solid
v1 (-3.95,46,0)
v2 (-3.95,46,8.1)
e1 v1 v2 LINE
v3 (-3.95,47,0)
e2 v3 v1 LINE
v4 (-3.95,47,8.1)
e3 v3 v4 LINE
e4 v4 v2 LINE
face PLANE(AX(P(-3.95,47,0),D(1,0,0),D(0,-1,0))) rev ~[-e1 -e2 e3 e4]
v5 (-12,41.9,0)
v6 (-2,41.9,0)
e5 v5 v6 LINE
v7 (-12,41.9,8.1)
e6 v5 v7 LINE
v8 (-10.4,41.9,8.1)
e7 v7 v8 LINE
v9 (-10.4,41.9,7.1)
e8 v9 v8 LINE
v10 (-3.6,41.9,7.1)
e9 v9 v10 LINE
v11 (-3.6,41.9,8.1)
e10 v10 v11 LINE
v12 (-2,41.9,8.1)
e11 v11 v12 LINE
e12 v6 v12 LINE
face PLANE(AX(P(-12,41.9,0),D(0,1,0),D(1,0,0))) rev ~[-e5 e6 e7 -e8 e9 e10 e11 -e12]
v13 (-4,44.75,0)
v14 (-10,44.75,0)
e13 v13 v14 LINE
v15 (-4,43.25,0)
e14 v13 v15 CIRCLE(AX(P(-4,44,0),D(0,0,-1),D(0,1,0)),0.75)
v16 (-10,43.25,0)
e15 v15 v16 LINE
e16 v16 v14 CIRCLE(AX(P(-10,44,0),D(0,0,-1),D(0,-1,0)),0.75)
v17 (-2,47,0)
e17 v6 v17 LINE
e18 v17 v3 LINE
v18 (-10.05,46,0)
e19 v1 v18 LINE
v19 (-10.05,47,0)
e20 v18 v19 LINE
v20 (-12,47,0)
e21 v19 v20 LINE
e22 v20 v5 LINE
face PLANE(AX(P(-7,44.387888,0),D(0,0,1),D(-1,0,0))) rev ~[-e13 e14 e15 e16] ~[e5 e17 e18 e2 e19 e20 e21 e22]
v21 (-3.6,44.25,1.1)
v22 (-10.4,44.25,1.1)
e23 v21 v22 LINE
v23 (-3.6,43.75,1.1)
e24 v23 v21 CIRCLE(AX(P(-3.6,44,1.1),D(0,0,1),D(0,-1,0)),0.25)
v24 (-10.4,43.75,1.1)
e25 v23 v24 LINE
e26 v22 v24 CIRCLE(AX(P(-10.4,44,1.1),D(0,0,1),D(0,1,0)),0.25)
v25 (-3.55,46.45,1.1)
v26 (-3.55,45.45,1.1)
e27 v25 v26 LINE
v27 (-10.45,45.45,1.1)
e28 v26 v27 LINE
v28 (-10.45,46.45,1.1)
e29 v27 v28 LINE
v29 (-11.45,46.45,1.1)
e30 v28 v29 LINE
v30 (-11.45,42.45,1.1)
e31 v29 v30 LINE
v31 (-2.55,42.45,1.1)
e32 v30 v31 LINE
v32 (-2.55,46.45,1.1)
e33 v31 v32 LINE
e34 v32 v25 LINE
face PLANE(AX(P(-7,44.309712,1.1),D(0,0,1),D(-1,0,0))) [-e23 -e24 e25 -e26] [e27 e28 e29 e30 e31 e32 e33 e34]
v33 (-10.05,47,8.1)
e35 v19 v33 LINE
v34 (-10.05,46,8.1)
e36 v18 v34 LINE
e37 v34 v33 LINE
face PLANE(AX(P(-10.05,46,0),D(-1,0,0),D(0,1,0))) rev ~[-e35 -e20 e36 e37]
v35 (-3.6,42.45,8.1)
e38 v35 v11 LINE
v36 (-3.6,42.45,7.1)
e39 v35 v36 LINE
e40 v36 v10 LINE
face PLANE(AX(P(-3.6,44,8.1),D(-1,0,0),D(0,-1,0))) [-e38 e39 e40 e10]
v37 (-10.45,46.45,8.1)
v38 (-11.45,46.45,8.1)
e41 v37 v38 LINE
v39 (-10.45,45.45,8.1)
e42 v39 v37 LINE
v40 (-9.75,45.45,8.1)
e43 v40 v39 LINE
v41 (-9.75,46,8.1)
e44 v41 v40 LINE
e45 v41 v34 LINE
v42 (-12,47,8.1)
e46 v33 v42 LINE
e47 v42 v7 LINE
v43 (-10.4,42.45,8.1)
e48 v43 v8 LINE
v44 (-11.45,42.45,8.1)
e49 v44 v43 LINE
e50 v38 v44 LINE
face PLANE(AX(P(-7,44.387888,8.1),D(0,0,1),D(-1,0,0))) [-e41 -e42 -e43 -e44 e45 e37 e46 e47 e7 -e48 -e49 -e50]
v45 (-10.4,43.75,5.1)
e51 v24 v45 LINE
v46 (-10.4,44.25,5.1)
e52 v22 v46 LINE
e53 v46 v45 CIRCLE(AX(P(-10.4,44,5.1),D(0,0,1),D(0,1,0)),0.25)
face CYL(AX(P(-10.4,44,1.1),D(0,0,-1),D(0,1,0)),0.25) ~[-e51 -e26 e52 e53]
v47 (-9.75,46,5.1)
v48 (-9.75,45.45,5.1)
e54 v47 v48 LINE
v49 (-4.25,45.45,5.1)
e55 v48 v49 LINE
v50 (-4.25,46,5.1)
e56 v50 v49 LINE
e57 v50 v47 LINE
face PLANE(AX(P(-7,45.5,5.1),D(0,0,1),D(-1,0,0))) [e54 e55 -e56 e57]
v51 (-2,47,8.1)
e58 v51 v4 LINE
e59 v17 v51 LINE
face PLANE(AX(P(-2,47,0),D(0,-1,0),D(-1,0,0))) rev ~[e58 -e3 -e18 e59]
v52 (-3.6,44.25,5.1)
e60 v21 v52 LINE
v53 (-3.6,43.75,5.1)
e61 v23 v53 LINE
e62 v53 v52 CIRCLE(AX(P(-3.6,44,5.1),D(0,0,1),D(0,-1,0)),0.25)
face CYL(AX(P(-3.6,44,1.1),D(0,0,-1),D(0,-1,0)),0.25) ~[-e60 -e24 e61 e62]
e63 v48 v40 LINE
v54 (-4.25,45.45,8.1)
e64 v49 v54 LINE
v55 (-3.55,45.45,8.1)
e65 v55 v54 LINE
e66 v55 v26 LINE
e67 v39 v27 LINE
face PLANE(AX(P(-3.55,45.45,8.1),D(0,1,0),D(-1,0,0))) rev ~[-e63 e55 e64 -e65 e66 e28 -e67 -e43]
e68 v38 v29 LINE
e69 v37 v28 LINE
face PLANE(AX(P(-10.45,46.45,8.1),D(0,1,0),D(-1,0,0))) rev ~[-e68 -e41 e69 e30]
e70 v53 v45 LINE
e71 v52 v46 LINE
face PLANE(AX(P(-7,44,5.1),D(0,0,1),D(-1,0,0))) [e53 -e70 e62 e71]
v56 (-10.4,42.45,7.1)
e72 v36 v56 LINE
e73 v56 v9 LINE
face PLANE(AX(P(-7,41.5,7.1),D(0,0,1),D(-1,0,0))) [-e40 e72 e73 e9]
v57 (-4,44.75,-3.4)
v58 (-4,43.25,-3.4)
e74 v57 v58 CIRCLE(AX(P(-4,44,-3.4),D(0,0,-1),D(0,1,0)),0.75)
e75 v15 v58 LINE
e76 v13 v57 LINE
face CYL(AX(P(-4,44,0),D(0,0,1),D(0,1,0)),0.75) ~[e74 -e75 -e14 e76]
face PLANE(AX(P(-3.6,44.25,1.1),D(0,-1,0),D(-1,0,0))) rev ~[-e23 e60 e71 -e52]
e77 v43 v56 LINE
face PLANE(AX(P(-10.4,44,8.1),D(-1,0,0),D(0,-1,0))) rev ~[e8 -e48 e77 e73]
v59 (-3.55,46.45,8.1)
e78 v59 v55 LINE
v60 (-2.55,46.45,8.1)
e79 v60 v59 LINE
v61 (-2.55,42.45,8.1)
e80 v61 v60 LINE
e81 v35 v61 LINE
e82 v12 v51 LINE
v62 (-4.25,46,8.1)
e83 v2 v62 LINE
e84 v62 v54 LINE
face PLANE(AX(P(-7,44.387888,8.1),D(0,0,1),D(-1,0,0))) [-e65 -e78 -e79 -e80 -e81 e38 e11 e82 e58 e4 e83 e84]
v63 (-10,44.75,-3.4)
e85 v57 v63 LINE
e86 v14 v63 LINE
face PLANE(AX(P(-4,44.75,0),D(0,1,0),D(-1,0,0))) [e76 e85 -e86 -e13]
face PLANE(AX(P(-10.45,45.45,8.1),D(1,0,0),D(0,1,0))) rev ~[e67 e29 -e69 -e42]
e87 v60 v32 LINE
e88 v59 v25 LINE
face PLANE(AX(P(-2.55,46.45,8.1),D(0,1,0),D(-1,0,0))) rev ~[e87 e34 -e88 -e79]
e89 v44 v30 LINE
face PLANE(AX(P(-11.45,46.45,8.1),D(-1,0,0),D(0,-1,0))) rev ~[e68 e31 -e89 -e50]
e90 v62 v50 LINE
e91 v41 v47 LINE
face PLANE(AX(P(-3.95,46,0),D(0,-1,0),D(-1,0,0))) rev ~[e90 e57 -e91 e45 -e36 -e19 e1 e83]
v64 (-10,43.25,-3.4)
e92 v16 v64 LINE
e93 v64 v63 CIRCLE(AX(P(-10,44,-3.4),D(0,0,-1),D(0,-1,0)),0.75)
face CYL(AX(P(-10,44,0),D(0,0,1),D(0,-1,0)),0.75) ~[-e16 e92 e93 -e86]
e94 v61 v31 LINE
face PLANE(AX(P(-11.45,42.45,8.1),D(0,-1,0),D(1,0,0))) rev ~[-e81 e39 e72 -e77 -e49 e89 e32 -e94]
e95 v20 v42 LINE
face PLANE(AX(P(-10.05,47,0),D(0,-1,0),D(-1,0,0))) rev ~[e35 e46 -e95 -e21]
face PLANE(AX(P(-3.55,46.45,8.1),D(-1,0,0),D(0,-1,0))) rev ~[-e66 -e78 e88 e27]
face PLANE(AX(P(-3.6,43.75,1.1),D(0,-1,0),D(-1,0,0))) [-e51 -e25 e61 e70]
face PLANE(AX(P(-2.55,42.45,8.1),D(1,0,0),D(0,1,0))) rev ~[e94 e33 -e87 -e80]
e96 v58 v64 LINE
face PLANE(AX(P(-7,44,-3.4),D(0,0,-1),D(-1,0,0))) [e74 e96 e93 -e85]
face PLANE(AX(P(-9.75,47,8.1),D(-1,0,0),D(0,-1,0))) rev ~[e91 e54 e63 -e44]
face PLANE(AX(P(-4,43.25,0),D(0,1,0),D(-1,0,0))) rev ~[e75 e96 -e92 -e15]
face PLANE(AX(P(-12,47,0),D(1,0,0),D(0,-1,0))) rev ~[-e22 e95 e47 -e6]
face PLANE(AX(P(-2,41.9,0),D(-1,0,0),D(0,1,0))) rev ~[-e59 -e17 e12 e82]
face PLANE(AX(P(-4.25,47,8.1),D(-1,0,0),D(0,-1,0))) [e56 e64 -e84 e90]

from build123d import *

# Parameters (mm, degrees)
PAD005_DEPTH            = 8.1
POCKET003_DEPTH         = 7
SKETCH010_W             = 6.8
SKETCH010_H             = 5
POCKET004_DEPTH         = 1
SKETCH011_W             = 5.5
SKETCH011_H             = 3
POCKET005_DEPTH         = 3
PAD006_DEPTH            = 4
PAD014_DEPTH            = 3.4
BODY005_PLACEMENT_ANGLE = 180


with BuildPart() as part:
    # Sketch008 → Pad005 (new body)
    with BuildSketch(Plane.XY):
        Polygon((-5, 0), (-3.05, 0), (-3.05, 1), (3.05, 1), (3.05, 0), (5, 0), (5, 5.1), (-5, 5.1), align=None)
    extrude(amount=PAD005_DEPTH)

    # Sketch009 (on Face10 of Pad005) → Pocket003 (cut)
    with BuildSketch(Plane.XY.offset(8.1)):
        Polygon((-4.45, 0.55), (-3.45, 0.55), (-3.45, 1.55), (3.45, 1.55), (3.45, 0.55), (4.45, 0.55), (4.45, 4.55), (-4.45, 4.55), align=None)
    extrude(amount=-POCKET003_DEPTH, mode=Mode.SUBTRACT)

    # Sketch010 (on Face5 of Pocket003) → Pocket004 (cut)
    with BuildSketch(Plane.XY.offset(8.1)):
        with Locations((0, 5.5)):
            Rectangle(SKETCH010_W, SKETCH010_H)
    extrude(amount=-POCKET004_DEPTH, mode=Mode.SUBTRACT)

    # Sketch011 (on Face5 of Pocket004) → Pocket005 (cut)
    with BuildSketch(Plane.XY.offset(8.1)):
        with Locations((0, 1.5)):
            Rectangle(SKETCH011_W, SKETCH011_H)
    extrude(amount=-POCKET005_DEPTH, mode=Mode.SUBTRACT)

    # Sketch012 (on Face26 of Pocket005) → Pad006 (join)
    with BuildSketch(Plane.XY.offset(1.1)):
        with BuildLine():
            ThreePointArc((-3.4, 3.25), (-3.65, 3), (-3.4, 2.75))
            Line((-3.4, 2.75), (3.4, 2.75))
            ThreePointArc((3.4, 2.75), (3.65, 3), (3.4, 3.25))
            Line((-3.4, 3.25), (3.4, 3.25))
        make_face()
    extrude(amount=PAD006_DEPTH)

    # Sketch020 (on Face4 of Pad006) → Pad014 (join)
    with BuildSketch(Plane(origin=(0, 0, 0), x_dir=(1, 0, 0), z_dir=(0, 0, -1))):
        with BuildLine():
            ThreePointArc((-3, -2.25), (-3.75, -3), (-3, -3.75))
            Line((-3, -3.75), (3, -3.75))
            ThreePointArc((3, -3.75), (3.75, -3), (3, -2.25))
            Line((-3, -2.25), (3, -2.25))
        make_face()
    extrude(amount=PAD014_DEPTH)


with BuildPart() as part_1:
    # Body005 placement: moved
    add(part.part.moved(Location((-7, 29, 0))).rotate(Axis((-7, 29, 0), (0, 0, 1)), BODY005_PLACEMENT_ANGLE))


with BuildPart() as part_2:
    # Body009 placement: moved
    add(part_1.part.moved(Location((0, 18, 0))))


solid = part_2.part
